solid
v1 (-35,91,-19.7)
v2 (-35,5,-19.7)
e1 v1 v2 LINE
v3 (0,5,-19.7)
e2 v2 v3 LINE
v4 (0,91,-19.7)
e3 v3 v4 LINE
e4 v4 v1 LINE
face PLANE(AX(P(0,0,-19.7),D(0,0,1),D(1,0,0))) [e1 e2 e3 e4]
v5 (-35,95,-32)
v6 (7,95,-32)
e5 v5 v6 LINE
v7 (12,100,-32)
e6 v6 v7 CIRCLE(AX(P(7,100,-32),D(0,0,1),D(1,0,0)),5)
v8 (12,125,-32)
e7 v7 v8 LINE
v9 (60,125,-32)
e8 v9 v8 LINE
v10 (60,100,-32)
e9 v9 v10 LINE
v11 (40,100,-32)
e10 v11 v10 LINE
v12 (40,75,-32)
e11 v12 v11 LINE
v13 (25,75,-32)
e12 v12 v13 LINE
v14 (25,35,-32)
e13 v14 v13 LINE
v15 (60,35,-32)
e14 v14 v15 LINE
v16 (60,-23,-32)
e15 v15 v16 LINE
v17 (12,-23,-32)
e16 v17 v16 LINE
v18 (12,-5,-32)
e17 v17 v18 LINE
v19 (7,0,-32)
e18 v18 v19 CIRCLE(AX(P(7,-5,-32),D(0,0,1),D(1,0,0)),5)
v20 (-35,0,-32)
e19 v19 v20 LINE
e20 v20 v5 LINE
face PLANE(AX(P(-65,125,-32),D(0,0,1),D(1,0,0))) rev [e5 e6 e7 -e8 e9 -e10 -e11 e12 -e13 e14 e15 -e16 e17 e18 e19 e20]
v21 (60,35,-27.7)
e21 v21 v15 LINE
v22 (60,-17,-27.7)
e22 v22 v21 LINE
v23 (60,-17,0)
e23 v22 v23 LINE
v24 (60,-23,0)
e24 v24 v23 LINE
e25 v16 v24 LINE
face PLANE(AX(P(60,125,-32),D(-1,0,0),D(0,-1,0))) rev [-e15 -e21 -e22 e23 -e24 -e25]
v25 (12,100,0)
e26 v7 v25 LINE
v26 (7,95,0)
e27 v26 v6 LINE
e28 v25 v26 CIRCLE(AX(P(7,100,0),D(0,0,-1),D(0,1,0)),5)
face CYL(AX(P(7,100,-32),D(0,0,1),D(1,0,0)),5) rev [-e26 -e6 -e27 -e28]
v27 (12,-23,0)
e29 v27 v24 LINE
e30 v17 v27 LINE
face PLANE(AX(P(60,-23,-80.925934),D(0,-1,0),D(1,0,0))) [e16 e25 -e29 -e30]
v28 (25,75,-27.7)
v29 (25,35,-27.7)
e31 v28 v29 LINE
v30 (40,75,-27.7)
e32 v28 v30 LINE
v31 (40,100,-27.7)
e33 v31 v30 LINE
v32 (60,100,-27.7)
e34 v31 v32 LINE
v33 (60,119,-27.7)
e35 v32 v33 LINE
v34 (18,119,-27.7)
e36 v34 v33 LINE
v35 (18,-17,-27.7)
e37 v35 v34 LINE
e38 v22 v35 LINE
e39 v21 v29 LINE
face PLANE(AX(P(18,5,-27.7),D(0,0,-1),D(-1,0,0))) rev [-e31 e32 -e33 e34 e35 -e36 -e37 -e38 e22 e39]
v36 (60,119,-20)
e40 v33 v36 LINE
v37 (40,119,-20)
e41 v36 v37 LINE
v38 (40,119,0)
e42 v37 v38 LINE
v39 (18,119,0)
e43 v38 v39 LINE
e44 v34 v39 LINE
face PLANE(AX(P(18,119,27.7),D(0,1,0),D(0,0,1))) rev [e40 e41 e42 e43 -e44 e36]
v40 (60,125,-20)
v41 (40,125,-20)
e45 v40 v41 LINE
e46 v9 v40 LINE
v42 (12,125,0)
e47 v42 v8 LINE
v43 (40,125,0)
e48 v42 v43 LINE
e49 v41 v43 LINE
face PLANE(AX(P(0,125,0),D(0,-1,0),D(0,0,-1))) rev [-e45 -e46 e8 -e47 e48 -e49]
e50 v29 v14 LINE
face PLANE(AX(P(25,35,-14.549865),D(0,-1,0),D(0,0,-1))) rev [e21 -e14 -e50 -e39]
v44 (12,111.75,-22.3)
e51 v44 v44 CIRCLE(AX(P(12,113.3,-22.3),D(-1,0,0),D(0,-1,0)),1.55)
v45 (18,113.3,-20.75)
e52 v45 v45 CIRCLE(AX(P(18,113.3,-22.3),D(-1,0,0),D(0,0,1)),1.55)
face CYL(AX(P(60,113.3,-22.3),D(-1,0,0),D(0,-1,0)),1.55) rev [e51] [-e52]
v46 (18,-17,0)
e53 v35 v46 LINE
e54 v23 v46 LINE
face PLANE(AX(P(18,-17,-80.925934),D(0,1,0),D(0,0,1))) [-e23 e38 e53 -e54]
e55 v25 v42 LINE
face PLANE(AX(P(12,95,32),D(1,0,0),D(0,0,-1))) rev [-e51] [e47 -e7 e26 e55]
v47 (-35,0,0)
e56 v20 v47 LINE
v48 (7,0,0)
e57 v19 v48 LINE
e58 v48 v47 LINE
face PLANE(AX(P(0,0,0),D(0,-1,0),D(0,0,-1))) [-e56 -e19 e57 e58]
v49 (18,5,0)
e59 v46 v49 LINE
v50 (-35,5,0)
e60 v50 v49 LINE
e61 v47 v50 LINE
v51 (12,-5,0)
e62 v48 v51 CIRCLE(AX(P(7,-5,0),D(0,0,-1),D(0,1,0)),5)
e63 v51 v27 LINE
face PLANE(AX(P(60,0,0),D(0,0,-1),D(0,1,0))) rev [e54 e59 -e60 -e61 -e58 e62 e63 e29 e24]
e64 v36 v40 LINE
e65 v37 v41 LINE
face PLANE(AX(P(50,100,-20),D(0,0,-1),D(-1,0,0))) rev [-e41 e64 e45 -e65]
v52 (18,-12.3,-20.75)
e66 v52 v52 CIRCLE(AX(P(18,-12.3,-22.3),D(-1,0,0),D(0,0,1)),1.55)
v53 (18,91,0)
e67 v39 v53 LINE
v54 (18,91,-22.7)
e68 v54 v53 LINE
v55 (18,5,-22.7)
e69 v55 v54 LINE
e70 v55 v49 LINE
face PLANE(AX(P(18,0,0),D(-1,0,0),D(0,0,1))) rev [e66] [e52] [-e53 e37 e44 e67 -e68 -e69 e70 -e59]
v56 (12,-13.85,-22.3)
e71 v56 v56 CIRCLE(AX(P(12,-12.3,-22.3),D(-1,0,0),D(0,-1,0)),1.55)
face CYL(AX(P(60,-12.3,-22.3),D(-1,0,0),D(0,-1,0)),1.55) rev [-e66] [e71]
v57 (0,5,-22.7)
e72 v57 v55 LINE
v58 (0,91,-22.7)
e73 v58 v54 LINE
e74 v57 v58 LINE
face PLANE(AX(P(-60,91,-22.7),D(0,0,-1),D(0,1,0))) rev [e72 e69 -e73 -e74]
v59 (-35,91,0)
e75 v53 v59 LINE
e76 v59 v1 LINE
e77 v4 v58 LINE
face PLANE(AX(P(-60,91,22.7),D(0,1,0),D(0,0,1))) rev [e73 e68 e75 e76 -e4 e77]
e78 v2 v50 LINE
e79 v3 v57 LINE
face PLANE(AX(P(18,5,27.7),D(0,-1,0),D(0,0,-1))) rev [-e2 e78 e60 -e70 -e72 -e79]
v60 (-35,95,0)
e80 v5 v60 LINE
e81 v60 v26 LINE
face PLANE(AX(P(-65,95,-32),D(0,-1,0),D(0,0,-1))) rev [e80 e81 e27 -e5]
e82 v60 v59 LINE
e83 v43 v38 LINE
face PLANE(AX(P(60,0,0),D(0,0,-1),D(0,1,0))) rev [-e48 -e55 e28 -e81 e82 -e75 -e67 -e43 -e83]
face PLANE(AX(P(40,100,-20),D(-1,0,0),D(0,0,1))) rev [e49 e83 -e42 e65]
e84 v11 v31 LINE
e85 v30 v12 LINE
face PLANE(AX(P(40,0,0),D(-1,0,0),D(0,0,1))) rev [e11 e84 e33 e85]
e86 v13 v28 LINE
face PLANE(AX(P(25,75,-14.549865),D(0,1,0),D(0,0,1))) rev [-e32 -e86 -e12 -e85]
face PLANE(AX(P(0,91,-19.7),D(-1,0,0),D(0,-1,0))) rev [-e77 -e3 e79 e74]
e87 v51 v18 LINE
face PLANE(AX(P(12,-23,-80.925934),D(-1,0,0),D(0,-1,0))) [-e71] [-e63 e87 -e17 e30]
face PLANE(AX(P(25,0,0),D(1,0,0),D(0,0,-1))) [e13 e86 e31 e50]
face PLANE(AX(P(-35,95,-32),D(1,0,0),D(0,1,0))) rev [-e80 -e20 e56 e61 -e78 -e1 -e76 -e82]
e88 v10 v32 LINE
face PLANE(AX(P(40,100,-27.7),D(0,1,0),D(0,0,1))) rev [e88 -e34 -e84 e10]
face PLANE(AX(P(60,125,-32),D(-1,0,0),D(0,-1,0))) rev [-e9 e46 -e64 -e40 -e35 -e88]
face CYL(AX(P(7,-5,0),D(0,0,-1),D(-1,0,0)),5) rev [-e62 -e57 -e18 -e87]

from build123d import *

# Parameters (mm, degrees)
SKETCH_1_W           = 130
SKETCH_1_H           = 64
EXTRUDE_1_DEPTH      = 125
SKETCH_2_W           = 55.4
SKETCH_2_H           = 114
CUT_EXTRUDE_1_DEPTH  = 47
SKETCH_3_W           = 45.4
SKETCH_3_H           = 86
CUT_EXTRUDE_2_DEPTH  = 78
SKETCH_4_W           = 24.038907643
SKETCH_4_H           = 40
CUT_EXTRUDE_3_DEPTH  = 40
SKETCH_5_W           = 4.3
SKETCH_5_H           = 25
CUT_EXTRUDE_4_DEPTH  = 25
SKETCH_6_W           = 10
SKETCH_6_H           = 40
CUT_EXTRUDE_5_DEPTH  = 25
SKETCH_9_W           = 5
SKETCH_9_H           = 125
CUT_EXTRUDE_8_DEPTH  = 155.744951452
SKETCH_12_W          = 32
SKETCH_12_H          = 30
CUT_EXTRUDE_10_DEPTH = 155.744951452
SKETCH_13_W          = 45
SKETCH_13_H          = 64
CUT_EXTRUDE_11_DEPTH = 30
SKETCH_14_W          = 32
SKETCH_14_H          = 157.482614071
CUT_EXTRUDE_12_DEPTH = 180.649659059
SKETCH_18_W          = 30
SKETCH_18_H          = 95
CUT_EXTRUDE_15_DEPTH = 145.478372084
SKETCH_19_W          = 35
SKETCH_19_H          = 86
EXTRUDE_4_DEPTH      = 3
SKETCH_20_W          = 20
SKETCH_20_H          = 6
CUT_EXTRUDE_16_DEPTH = 150.244765402
FILLET_1_R           = 5
SKETCH_21_W          = 42
SKETCH_21_H          = 27.7
CUT_EXTRUDE_17_DEPTH = 138.927517197
EXTRUDE_7_DEPTH      = 27.7
SKETCH_23_W          = 48
SKETCH_23_H          = 4.3
EXTRUDE_8_DEPTH      = 23
SKETCH_25_R          = 1.55
CUT_EXTRUDE_19_DEPTH = 138.669895039
FILLET_3_R           = 5


with BuildPart() as part:
    # 草图1 → 凸台-拉伸1 (new body)
    with BuildSketch(Plane(origin=(0, 0, 0), x_dir=(1, 0, 0), z_dir=(0, 1, 0))):
        Rectangle(SKETCH_1_W, SKETCH_1_H)
    extrude(amount=EXTRUDE_1_DEPTH)

    # 草图2 → 切除-拉伸1 (cut)
    with BuildSketch(Plane(origin=(65, 0, 0), x_dir=(0, 0, -1), z_dir=(1, 0, 0))):
        with Locations((0, 62)):
            Rectangle(SKETCH_2_W, SKETCH_2_H)
    extrude(amount=-CUT_EXTRUDE_1_DEPTH, mode=Mode.SUBTRACT)

    # 草图3 → 切除-拉伸2 (cut)
    with BuildSketch(Plane(origin=(18, 0, 0), x_dir=(0, 0, -1), z_dir=(1, 0, 0))):
        with Locations((0, 48)):
            Rectangle(SKETCH_3_W, SKETCH_3_H)
    extrude(amount=-CUT_EXTRUDE_2_DEPTH, mode=Mode.SUBTRACT)

    # 草图4 → 切除-拉伸3 (cut)
    with BuildSketch(Plane(origin=(65, 0, 0), x_dir=(0, 0, -1), z_dir=(1, 0, 0))):
        with Locations((26.569318974, 55)):
            Rectangle(SKETCH_4_W, SKETCH_4_H)
    extrude(amount=-CUT_EXTRUDE_3_DEPTH, mode=Mode.SUBTRACT)

    # 草图5 → 切除-拉伸4 (cut)
    with BuildSketch(Plane(origin=(65, 0, 0), x_dir=(0, 0, -1), z_dir=(1, 0, 0))):
        with Locations((29.85, 87.5)):
            Rectangle(SKETCH_5_W, SKETCH_5_H)
    extrude(amount=-CUT_EXTRUDE_4_DEPTH, mode=Mode.SUBTRACT)

    # 草图6 → 切除-拉伸5 (cut)
    with BuildSketch(Plane(origin=(0, 125, 0), x_dir=(1, 0, 0), z_dir=(0, 1, 0))):
        with Locations((45, 0)):
            Rectangle(SKETCH_6_W, SKETCH_6_H)
    extrude(amount=-CUT_EXTRUDE_5_DEPTH, mode=Mode.SUBTRACT)

    # 草图9 → 切除-拉伸8 (cut, through all)
    with BuildSketch(Plane.XY.offset(32)):
        with Locations((62.5, 62.5)):
            Rectangle(SKETCH_9_W, SKETCH_9_H)
    extrude(amount=-CUT_EXTRUDE_8_DEPTH, mode=Mode.SUBTRACT)

    # 草图12 → 切除-拉伸10 (cut, through all)
    with BuildSketch(Plane.XY.offset(32)):
        with Locations((-49, 110)):
            Rectangle(SKETCH_12_W, SKETCH_12_H)
    extrude(amount=-CUT_EXTRUDE_10_DEPTH, mode=Mode.SUBTRACT)

    # 草图13 → 切除-拉伸11 (cut)
    with BuildSketch(Plane(origin=(0, 125, 0), x_dir=(1, 0, 0), z_dir=(0, 1, 0))):
        with Locations((-10.5, 0)):
            Rectangle(SKETCH_13_W, SKETCH_13_H)
    extrude(amount=-CUT_EXTRUDE_11_DEPTH, mode=Mode.SUBTRACT)

    # 草图14 → 切除-拉伸12 (cut, through all)
    with BuildSketch(Plane.ZY.offset(65)):
        with Locations((16, 78.741307036)):
            Rectangle(SKETCH_14_W, SKETCH_14_H)
    extrude(amount=-CUT_EXTRUDE_12_DEPTH, mode=Mode.SUBTRACT)

    # 草图18 → 切除-拉伸15 (cut, through all)
    with BuildSketch(Plane.XY):
        with Locations((-50, 47.5)):
            Rectangle(SKETCH_18_W, SKETCH_18_H)
    extrude(amount=-CUT_EXTRUDE_15_DEPTH, mode=Mode.SUBTRACT)

    # 草图19 → 凸台-拉伸4 (add)
    with BuildSketch(Plane.XY.offset(-22.7)):
        with Locations((-17.5, 48)):
            Rectangle(SKETCH_19_W, SKETCH_19_H)
    extrude(amount=EXTRUDE_4_DEPTH)

    # 草图20 → 切除-拉伸16 (cut, through all)
    with BuildSketch(Plane(origin=(40, 0, 0), x_dir=(0, 0, -1), z_dir=(1, 0, 0))):
        with Locations((10, 122)):
            Rectangle(SKETCH_20_W, SKETCH_20_H)
    extrude(amount=CUT_EXTRUDE_16_DEPTH, mode=Mode.SUBTRACT)

    # 圆角1
    fillet_1_edges = [part.edges().sort_by_distance(p)[0] for p in [
        (12, 95, -16),
    ]]
    fillet(fillet_1_edges, radius=FILLET_1_R)

    # 草图21 → 切除-拉伸17 (cut, through all)
    with BuildSketch(Plane(origin=(0, 5, 0), x_dir=(1, 0, 0), z_dir=(0, 1, 0))):
        with Locations((39, 13.85)):
            Rectangle(SKETCH_21_W, SKETCH_21_H)
    extrude(amount=-CUT_EXTRUDE_17_DEPTH, mode=Mode.SUBTRACT)

    # 草图22 → 凸台-拉伸7 (add)
    with BuildSketch(Plane.XY):
        Polygon((12, 0), (18, 0), (18, -17), (60, -17), (60, -23), (12, -23), align=None)
    extrude(amount=-EXTRUDE_7_DEPTH)

    # 草图23 → 凸台-拉伸8 (add)
    with BuildSketch(Plane.XZ):
        with Locations((36, -29.85)):
            Rectangle(SKETCH_23_W, SKETCH_23_H)
    extrude(amount=EXTRUDE_8_DEPTH)

    # 草图25 → 切除-拉伸19 (cut, through all)
    with BuildSketch(Plane.ZY.offset(-12)):
        with Locations(Location((-22.3, 113.3, 0), (0, 0, 270))):
            Circle(SKETCH_25_R)
        with Locations(Location((-22.3, -12.3, 0), (0, 0, 270))):
            Circle(SKETCH_25_R)
    extrude(amount=-CUT_EXTRUDE_19_DEPTH, mode=Mode.SUBTRACT)

    # 圆角3
    fillet_3_edges = [part.edges().sort_by_distance(p)[0] for p in [
        (12, 0, -16),
    ]]
    fillet(fillet_3_edges, radius=FILLET_3_R)


solid = part.part
